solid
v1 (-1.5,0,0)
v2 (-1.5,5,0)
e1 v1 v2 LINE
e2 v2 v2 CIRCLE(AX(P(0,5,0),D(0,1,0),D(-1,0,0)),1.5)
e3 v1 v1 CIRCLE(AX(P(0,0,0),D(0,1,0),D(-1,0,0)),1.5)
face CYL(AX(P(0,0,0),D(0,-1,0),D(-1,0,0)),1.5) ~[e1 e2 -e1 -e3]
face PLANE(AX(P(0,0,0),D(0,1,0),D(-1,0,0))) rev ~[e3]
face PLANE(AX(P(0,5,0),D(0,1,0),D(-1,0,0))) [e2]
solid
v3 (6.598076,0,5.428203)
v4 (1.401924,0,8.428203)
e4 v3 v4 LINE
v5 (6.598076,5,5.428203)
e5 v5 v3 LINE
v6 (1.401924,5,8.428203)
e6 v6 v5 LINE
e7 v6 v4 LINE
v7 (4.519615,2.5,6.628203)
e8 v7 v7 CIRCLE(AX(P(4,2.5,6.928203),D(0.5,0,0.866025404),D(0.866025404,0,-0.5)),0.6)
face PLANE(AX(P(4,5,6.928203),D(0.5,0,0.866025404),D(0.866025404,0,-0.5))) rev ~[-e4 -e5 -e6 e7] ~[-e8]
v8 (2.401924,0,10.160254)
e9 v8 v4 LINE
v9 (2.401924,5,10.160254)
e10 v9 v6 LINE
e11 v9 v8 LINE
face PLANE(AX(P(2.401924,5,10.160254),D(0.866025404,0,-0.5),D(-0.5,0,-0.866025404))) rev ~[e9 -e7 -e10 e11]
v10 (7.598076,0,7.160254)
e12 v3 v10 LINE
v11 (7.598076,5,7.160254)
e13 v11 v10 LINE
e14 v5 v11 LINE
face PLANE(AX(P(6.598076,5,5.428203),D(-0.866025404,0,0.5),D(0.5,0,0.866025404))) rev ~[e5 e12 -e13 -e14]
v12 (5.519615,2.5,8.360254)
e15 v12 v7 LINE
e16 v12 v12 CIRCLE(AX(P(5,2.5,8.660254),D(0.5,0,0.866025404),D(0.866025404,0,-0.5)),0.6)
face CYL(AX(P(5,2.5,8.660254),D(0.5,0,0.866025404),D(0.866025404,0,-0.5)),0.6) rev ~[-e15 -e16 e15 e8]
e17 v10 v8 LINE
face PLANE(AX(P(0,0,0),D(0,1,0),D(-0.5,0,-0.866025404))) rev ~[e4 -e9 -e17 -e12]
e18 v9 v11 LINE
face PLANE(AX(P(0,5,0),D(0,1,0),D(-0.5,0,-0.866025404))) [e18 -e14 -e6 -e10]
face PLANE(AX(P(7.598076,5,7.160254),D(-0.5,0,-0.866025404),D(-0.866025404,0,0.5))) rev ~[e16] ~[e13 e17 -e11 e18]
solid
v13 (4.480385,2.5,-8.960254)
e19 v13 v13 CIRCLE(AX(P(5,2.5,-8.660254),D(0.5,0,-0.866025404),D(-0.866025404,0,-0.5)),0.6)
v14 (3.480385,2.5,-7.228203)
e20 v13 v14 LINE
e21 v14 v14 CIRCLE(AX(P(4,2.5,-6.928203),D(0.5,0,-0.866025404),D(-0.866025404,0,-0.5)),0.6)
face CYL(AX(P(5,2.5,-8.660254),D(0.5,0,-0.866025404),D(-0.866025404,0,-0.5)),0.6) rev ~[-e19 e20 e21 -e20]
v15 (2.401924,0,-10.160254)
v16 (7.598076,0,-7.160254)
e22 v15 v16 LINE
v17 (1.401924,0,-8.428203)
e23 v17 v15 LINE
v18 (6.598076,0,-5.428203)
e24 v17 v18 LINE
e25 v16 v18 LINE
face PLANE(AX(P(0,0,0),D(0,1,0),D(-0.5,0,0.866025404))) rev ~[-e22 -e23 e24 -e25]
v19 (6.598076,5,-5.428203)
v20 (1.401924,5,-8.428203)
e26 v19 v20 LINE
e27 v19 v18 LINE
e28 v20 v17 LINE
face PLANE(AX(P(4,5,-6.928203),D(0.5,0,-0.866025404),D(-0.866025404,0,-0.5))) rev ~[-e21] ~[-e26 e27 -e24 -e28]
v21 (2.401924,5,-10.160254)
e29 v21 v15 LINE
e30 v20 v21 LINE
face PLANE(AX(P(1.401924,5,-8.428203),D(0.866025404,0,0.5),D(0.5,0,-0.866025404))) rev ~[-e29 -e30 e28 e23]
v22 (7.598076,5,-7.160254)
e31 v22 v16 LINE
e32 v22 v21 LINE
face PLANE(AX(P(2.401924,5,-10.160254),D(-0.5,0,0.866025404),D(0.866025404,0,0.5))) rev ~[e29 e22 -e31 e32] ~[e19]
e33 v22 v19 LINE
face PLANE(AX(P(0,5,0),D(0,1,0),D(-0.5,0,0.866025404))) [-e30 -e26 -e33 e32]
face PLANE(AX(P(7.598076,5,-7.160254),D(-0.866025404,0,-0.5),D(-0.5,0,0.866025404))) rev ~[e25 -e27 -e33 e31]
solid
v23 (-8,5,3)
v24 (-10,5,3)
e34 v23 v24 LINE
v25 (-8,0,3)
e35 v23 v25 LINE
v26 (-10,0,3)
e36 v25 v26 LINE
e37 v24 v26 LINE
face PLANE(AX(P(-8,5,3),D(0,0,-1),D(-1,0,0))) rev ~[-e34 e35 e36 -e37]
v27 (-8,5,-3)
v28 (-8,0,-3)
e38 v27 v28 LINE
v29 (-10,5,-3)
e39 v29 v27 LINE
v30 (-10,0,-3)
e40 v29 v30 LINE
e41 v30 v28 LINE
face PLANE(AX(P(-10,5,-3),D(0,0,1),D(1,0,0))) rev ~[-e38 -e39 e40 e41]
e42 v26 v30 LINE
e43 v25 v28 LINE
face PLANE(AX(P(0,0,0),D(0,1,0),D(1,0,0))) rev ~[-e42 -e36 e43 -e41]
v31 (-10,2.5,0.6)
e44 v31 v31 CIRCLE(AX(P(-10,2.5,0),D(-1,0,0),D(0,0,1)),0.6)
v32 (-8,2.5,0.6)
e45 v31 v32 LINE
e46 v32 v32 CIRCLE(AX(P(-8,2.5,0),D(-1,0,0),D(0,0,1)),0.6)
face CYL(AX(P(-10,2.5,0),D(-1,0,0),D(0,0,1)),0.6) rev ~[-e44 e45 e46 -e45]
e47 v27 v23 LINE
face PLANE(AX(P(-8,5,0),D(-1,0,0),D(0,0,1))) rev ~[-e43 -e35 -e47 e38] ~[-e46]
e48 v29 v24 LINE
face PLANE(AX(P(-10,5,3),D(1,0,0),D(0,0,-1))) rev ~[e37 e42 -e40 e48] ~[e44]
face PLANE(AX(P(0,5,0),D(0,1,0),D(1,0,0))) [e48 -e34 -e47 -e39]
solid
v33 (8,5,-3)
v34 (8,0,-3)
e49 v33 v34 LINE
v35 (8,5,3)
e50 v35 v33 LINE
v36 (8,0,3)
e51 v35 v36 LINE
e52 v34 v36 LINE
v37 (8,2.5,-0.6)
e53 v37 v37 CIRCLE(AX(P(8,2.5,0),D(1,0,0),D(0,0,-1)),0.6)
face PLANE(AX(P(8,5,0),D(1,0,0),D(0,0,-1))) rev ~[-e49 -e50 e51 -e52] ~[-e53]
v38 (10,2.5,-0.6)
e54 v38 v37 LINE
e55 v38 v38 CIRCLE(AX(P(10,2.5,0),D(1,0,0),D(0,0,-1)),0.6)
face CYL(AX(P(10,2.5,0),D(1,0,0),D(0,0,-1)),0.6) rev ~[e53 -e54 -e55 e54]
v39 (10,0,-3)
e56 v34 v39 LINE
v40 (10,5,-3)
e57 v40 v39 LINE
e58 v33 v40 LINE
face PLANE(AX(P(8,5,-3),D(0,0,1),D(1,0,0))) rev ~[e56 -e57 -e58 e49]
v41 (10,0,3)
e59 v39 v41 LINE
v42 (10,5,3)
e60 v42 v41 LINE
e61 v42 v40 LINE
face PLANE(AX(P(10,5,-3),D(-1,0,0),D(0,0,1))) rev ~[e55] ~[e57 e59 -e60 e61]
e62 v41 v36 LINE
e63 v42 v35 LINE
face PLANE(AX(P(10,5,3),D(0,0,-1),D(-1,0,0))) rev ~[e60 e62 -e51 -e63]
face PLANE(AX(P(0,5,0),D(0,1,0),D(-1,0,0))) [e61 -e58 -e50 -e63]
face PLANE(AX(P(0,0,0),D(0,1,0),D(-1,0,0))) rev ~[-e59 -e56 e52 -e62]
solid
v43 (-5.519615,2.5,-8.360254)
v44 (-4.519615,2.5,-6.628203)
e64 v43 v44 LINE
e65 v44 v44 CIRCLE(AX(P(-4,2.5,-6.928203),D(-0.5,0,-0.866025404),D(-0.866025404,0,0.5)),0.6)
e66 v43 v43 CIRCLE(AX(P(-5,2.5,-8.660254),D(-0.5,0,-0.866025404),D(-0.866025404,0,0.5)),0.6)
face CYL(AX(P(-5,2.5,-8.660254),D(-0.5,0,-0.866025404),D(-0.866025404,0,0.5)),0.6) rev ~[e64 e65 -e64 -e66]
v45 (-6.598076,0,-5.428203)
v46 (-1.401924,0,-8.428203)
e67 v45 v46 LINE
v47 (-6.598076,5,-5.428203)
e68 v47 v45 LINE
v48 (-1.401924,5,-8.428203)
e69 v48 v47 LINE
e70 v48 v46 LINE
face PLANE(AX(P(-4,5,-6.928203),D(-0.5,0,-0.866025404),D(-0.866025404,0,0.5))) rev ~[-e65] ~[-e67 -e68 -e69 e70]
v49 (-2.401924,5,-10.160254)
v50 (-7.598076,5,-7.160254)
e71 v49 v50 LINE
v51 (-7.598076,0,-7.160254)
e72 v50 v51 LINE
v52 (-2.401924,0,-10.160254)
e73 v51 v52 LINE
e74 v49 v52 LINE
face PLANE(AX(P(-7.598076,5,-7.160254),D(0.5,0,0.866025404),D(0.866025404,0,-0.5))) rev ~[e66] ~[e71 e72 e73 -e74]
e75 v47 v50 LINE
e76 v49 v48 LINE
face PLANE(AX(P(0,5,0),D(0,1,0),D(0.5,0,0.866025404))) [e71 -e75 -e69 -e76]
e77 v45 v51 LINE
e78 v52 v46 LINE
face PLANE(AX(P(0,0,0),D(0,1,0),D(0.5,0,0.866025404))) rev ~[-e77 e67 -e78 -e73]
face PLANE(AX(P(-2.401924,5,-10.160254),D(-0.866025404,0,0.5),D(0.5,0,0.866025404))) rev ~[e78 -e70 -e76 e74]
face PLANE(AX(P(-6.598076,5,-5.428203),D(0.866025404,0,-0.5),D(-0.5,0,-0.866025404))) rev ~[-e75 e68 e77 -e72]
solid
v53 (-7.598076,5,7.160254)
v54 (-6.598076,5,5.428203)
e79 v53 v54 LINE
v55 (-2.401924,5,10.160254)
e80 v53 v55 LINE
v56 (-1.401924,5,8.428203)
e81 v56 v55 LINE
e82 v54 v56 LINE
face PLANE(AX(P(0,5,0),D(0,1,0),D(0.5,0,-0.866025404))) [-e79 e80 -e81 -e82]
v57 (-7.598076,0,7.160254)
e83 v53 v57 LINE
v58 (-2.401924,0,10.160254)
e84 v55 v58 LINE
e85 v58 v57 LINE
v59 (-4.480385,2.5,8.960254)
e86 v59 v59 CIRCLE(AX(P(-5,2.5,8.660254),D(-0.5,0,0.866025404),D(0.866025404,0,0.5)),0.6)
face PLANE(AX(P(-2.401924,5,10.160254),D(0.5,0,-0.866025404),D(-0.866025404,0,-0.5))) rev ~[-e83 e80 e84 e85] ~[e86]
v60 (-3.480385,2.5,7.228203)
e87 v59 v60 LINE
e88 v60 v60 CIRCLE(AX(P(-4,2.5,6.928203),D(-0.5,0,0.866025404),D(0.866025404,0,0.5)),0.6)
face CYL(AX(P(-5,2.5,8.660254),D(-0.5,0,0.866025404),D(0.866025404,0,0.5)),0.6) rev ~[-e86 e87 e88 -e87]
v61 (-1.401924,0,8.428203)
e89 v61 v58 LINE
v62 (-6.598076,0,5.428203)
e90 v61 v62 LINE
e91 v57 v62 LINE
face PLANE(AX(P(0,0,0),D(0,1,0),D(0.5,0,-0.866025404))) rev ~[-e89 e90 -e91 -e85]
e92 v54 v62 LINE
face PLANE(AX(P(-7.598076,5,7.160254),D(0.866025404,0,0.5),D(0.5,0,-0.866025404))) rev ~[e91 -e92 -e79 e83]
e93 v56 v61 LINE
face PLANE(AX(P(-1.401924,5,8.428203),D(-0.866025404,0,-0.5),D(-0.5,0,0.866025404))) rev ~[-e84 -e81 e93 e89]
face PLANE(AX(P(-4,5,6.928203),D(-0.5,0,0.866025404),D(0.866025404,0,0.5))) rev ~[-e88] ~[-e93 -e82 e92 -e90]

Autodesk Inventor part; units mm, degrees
ref_plane "YZ Plane" through (0, 0, 0) normal (1, 0, 0) x (0, 1, 0)
ref_plane "XZ Plane" through (0, 0, 0) normal (0, 1, 0) x (-1, 0, 0)
ref_plane "XY Plane" through (0, 0, 0) normal (0, 0, 1) x (1, 0, 0)
sketch "Sketch1" plane through (0, 0, 0) normal (0, 1, 0) x (-1, 0, 0)
  circle A0 centre (0, 0) radius 1.5
  dimension "d0" = 3
extrude "Extrusion1" add sketch "Sketch1" along normal blind 5
sketch "Sketch2" plane through (0, 5, 0) normal (0, 1, 0) x (1, 0, 0)
  line L0 (0, 0) -> (-10, 0)
  line L1 (-10, 0) -> (-9, 0)
  line L2 (-8, -3) -> (-10, -3)
  line L3 (-10, -3) -> (-10, 3)
  line L4 (-10, 3) -> (-8, 3)
  line L5 (-8, 3) -> (-8, -3)
  line L6 (-8, -3) -> (-10, 3) construction
  line L7 (-10, -3) -> (-8, 3) construction
  dimension "d3" = 10
  dimension "d4" = 1
  dimension "d5" = 2
  dimension "d6" = 6
extrude "Extrusion2" add sketch "Sketch2" against normal up to surface (5 mm away)
pattern_circular "Circular Pattern1" count 6 over 360 about axis through (0, 0, 0) along (0, 1, 0) of "Extrusion2"
sketch "Sketch3" plane through (10, 5, 3) normal (1, 0, 0) x (0, 0, -1)
  line L0 (6, -5) -> (0, -5) projected
  line L1 (6, 0) -> (6, -5) projected
  line L2 (0, 0) -> (6, 0) projected
  line L3 (0, 0) -> (0, -5) projected
  line L4 (0, 0) -> (0, -5) projected
  line L5 (0, -2.5) -> (3, -2.5)
  circle A0 centre (3, -2.5) radius 0.6
  point P0 (3, -5)
  dimension "d12" = 3
  dimension "d13" = 1.2
extrude "Extrusion3" cut sketch "Sketch3" against normal blind 5 contours A0
pattern_circular "Circular Pattern2" count 6 over 360 about axis through (0, 0, 0) along (0, 1, 0) of "Extrusion3"
properties part number "up_10mm"
